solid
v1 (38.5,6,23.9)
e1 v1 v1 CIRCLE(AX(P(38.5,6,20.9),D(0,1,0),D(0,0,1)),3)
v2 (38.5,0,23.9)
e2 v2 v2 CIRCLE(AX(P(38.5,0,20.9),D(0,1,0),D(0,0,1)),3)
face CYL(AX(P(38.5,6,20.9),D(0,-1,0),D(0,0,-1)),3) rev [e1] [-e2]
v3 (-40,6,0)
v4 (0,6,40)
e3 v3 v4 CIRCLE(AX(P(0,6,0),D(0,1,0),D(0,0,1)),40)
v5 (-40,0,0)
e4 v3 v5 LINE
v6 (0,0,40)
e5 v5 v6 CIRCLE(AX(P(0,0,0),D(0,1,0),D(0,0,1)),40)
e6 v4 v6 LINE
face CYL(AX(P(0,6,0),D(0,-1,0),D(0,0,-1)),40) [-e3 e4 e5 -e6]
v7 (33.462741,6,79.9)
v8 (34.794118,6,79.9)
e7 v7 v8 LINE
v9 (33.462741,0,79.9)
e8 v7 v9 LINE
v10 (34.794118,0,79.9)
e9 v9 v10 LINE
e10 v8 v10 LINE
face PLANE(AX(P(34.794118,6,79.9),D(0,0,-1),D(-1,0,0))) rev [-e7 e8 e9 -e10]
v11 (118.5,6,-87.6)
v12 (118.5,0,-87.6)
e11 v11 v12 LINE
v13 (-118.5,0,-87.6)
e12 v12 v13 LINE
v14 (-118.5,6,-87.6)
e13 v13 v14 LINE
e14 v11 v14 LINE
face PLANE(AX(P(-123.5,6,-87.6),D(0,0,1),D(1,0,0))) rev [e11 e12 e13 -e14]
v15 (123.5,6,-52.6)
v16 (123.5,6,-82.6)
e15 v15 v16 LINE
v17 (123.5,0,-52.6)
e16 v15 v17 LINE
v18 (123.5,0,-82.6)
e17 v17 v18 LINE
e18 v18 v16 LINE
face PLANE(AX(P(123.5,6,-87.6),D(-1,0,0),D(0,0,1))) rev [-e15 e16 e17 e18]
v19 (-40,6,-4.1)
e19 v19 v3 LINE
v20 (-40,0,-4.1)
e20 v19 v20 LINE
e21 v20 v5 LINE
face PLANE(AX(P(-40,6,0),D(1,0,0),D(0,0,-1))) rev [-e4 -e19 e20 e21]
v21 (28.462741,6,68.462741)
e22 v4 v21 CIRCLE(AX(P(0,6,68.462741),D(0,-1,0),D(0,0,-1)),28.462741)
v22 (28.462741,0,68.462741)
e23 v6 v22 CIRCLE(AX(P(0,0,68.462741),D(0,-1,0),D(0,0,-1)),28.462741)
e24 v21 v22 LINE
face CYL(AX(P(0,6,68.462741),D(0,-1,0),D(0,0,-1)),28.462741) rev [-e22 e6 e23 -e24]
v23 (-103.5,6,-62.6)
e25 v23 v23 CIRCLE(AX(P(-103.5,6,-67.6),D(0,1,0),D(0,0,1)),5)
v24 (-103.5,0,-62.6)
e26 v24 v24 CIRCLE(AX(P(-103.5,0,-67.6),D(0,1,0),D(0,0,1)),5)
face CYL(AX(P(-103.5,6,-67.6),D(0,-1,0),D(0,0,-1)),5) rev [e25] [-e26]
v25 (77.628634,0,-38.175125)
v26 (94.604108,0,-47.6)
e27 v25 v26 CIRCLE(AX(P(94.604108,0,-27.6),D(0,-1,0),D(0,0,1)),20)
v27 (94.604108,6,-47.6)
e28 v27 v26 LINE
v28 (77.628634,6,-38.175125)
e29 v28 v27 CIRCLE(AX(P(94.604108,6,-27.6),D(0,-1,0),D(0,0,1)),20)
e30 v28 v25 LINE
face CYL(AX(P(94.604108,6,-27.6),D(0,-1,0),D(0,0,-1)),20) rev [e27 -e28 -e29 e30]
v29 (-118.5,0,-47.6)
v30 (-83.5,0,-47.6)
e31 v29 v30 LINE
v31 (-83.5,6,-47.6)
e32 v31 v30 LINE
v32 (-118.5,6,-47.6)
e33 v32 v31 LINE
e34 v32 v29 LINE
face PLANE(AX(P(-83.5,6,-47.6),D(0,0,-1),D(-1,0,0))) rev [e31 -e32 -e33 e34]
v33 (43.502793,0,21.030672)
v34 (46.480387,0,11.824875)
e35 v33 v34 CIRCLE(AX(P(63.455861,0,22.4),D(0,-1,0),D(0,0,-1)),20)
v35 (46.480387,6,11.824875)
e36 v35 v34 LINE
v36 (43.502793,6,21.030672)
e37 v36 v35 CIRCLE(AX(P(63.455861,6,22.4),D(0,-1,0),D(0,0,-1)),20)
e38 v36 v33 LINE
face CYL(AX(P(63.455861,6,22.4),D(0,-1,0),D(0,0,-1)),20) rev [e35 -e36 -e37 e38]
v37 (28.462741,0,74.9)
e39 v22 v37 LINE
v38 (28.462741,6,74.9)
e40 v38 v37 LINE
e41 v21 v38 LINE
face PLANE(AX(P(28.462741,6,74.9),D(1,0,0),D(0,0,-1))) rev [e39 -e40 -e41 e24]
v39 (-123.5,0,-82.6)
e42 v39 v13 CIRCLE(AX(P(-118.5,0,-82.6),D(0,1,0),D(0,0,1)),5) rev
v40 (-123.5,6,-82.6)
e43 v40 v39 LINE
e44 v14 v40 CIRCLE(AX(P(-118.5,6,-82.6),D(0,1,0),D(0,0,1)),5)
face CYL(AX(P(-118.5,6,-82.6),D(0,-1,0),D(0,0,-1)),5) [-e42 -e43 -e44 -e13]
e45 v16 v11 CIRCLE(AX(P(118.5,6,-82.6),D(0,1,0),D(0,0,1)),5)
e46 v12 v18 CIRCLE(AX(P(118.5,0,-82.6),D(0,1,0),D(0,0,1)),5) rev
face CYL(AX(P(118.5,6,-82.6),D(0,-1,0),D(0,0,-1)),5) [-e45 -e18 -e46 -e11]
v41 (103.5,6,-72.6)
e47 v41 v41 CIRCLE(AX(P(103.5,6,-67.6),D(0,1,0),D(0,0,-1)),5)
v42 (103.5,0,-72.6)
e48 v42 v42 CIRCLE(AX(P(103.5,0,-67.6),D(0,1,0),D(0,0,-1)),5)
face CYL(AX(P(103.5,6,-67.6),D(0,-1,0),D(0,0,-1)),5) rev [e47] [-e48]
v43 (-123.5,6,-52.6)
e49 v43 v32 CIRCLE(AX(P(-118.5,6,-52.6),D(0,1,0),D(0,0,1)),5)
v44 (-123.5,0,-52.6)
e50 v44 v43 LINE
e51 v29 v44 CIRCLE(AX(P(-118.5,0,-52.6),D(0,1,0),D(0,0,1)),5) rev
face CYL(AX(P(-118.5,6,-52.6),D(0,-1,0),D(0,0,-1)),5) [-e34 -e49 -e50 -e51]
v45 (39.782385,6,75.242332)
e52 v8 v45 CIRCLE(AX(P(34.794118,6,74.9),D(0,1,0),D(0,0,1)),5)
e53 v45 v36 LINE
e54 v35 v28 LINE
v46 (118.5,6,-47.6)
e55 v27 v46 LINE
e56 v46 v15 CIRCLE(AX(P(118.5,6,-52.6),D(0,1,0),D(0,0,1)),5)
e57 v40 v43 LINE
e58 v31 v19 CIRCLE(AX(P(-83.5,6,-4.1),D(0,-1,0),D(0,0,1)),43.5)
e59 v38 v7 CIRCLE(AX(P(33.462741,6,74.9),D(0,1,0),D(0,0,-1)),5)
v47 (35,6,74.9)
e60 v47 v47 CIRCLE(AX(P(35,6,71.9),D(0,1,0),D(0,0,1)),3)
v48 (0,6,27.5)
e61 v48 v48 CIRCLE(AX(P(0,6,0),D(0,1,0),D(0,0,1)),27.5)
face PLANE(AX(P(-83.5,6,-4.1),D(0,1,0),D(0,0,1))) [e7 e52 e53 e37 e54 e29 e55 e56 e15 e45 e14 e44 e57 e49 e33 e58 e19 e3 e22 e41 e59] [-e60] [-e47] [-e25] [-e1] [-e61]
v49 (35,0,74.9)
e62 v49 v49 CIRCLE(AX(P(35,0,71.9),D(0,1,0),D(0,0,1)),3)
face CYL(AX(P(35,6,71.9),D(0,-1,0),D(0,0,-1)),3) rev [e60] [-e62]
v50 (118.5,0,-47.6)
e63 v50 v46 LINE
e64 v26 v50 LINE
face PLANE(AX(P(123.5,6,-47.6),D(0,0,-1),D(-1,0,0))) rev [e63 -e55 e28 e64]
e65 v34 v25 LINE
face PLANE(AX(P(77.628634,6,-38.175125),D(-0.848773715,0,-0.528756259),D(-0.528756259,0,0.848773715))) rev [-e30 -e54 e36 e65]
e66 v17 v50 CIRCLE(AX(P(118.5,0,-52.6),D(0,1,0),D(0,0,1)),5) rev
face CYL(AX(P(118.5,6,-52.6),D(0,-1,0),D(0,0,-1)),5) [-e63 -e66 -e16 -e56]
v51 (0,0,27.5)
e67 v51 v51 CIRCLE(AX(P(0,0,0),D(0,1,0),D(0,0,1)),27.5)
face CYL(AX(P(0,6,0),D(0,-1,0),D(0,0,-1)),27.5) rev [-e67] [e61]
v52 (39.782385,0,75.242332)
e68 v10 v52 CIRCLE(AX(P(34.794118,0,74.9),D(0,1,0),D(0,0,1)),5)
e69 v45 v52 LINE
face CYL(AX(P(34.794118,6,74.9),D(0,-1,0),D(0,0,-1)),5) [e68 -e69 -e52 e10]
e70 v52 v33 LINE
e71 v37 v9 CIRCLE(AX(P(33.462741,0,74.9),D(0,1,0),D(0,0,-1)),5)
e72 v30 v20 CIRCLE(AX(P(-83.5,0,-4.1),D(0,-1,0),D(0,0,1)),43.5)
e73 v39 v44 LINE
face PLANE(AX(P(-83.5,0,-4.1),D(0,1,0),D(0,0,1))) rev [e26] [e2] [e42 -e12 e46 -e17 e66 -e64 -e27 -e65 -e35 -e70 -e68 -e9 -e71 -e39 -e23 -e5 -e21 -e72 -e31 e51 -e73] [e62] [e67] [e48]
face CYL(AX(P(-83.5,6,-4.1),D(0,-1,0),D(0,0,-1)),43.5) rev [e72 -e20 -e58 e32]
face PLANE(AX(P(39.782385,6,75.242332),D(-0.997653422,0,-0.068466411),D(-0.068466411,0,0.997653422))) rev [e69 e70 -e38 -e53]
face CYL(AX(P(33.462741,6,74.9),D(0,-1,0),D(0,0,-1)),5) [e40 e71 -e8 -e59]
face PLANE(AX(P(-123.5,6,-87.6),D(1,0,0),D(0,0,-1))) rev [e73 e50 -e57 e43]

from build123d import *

# Parameters (mm, degrees)
SKETCH1_R           = 27.5
SKETCH1_R_2         = 3
SKETCH1_R_3         = 5
BOSS_EXTRUDE1_DEPTH = 6
FILLET1_R           = 5


with BuildPart() as part:
    # Sketch1 → Boss-Extrude1 (new body)
    with BuildSketch(Plane(origin=(0, 0, 0), x_dir=(1, 0, 0), z_dir=(0, 1, 0))):
        with BuildLine():
            Line((-123.5, 87.6), (123.5, 87.6))
            Line((123.5, 87.6), (123.5, 47.6))
            Line((123.5, 47.6), (94.604107801, 47.6))
            ThreePointArc((94.604107801, 47.6), (84.895928348, 45.085744243), (77.628633504, 38.175125172))
            Line((77.628633504, 38.175125172), (46.48038696, -11.824874828))
            ThreePointArc((46.48038696, -11.824874828), (44.426515721, -16.245001343), (43.502792816, -21.030671774))
            Line((43.502792816, -21.030671774), (39.782384757, -75.242332057))
            ThreePointArc((39.782384757, -75.242332057), (38.206473118, -78.554562921), (34.794117647, -79.9))
            Line((34.794117647, -79.9), (33.462740879, -79.9))
            ThreePointArc((33.462740879, -79.9), (29.927206973, -78.435533906), (28.462740879, -74.9))
            Line((28.462740879, -74.9), (28.462740879, -68.462740879))
            ThreePointArc((28.462740879, -68.462740879), (20.126197087, -48.336543792), (0, -40))
            ThreePointArc((0, -40), (-28.284271247, -28.284271247), (-40, 0))
            Line((-40, 0), (-40, 4.1))
            ThreePointArc((-40, 4.1), (-52.740855018, 34.859144982), (-83.5, 47.6))
            Line((-83.5, 47.6), (-123.5, 47.6))
            Line((-123.5, 47.6), (-123.5, 87.6))
        make_face()
        with Locations(Location((0, 0, 0), (0, 0, 270))):
            Circle(SKETCH1_R, mode=Mode.SUBTRACT)
        with Locations(Location((38.5, -20.9, 0), (0, 0, 270))):
            Circle(SKETCH1_R_2, mode=Mode.SUBTRACT)
        with Locations(Location((35, -71.9, 0), (0, 0, 270))):
            Circle(SKETCH1_R_2, mode=Mode.SUBTRACT)
        with Locations(Location((-103.5, 67.6, 0), (0, 0, 270))):
            Circle(SKETCH1_R_3, mode=Mode.SUBTRACT)
        with Locations(Location((103.5, 67.6, 0), (0, 0, 90))):
            Circle(SKETCH1_R_3, mode=Mode.SUBTRACT)
    extrude(amount=BOSS_EXTRUDE1_DEPTH)

    # Fillet1
    fillet1_edges = [part.edges().sort_by_distance(p)[0] for p in [
        (-123.5, 3, -87.6),
        (123.5, 3, -87.6),
        (123.5, 3, -47.6),
        (-123.5, 3, -47.6),
    ]]
    fillet(fillet1_edges, radius=FILLET1_R)


solid = part.part
